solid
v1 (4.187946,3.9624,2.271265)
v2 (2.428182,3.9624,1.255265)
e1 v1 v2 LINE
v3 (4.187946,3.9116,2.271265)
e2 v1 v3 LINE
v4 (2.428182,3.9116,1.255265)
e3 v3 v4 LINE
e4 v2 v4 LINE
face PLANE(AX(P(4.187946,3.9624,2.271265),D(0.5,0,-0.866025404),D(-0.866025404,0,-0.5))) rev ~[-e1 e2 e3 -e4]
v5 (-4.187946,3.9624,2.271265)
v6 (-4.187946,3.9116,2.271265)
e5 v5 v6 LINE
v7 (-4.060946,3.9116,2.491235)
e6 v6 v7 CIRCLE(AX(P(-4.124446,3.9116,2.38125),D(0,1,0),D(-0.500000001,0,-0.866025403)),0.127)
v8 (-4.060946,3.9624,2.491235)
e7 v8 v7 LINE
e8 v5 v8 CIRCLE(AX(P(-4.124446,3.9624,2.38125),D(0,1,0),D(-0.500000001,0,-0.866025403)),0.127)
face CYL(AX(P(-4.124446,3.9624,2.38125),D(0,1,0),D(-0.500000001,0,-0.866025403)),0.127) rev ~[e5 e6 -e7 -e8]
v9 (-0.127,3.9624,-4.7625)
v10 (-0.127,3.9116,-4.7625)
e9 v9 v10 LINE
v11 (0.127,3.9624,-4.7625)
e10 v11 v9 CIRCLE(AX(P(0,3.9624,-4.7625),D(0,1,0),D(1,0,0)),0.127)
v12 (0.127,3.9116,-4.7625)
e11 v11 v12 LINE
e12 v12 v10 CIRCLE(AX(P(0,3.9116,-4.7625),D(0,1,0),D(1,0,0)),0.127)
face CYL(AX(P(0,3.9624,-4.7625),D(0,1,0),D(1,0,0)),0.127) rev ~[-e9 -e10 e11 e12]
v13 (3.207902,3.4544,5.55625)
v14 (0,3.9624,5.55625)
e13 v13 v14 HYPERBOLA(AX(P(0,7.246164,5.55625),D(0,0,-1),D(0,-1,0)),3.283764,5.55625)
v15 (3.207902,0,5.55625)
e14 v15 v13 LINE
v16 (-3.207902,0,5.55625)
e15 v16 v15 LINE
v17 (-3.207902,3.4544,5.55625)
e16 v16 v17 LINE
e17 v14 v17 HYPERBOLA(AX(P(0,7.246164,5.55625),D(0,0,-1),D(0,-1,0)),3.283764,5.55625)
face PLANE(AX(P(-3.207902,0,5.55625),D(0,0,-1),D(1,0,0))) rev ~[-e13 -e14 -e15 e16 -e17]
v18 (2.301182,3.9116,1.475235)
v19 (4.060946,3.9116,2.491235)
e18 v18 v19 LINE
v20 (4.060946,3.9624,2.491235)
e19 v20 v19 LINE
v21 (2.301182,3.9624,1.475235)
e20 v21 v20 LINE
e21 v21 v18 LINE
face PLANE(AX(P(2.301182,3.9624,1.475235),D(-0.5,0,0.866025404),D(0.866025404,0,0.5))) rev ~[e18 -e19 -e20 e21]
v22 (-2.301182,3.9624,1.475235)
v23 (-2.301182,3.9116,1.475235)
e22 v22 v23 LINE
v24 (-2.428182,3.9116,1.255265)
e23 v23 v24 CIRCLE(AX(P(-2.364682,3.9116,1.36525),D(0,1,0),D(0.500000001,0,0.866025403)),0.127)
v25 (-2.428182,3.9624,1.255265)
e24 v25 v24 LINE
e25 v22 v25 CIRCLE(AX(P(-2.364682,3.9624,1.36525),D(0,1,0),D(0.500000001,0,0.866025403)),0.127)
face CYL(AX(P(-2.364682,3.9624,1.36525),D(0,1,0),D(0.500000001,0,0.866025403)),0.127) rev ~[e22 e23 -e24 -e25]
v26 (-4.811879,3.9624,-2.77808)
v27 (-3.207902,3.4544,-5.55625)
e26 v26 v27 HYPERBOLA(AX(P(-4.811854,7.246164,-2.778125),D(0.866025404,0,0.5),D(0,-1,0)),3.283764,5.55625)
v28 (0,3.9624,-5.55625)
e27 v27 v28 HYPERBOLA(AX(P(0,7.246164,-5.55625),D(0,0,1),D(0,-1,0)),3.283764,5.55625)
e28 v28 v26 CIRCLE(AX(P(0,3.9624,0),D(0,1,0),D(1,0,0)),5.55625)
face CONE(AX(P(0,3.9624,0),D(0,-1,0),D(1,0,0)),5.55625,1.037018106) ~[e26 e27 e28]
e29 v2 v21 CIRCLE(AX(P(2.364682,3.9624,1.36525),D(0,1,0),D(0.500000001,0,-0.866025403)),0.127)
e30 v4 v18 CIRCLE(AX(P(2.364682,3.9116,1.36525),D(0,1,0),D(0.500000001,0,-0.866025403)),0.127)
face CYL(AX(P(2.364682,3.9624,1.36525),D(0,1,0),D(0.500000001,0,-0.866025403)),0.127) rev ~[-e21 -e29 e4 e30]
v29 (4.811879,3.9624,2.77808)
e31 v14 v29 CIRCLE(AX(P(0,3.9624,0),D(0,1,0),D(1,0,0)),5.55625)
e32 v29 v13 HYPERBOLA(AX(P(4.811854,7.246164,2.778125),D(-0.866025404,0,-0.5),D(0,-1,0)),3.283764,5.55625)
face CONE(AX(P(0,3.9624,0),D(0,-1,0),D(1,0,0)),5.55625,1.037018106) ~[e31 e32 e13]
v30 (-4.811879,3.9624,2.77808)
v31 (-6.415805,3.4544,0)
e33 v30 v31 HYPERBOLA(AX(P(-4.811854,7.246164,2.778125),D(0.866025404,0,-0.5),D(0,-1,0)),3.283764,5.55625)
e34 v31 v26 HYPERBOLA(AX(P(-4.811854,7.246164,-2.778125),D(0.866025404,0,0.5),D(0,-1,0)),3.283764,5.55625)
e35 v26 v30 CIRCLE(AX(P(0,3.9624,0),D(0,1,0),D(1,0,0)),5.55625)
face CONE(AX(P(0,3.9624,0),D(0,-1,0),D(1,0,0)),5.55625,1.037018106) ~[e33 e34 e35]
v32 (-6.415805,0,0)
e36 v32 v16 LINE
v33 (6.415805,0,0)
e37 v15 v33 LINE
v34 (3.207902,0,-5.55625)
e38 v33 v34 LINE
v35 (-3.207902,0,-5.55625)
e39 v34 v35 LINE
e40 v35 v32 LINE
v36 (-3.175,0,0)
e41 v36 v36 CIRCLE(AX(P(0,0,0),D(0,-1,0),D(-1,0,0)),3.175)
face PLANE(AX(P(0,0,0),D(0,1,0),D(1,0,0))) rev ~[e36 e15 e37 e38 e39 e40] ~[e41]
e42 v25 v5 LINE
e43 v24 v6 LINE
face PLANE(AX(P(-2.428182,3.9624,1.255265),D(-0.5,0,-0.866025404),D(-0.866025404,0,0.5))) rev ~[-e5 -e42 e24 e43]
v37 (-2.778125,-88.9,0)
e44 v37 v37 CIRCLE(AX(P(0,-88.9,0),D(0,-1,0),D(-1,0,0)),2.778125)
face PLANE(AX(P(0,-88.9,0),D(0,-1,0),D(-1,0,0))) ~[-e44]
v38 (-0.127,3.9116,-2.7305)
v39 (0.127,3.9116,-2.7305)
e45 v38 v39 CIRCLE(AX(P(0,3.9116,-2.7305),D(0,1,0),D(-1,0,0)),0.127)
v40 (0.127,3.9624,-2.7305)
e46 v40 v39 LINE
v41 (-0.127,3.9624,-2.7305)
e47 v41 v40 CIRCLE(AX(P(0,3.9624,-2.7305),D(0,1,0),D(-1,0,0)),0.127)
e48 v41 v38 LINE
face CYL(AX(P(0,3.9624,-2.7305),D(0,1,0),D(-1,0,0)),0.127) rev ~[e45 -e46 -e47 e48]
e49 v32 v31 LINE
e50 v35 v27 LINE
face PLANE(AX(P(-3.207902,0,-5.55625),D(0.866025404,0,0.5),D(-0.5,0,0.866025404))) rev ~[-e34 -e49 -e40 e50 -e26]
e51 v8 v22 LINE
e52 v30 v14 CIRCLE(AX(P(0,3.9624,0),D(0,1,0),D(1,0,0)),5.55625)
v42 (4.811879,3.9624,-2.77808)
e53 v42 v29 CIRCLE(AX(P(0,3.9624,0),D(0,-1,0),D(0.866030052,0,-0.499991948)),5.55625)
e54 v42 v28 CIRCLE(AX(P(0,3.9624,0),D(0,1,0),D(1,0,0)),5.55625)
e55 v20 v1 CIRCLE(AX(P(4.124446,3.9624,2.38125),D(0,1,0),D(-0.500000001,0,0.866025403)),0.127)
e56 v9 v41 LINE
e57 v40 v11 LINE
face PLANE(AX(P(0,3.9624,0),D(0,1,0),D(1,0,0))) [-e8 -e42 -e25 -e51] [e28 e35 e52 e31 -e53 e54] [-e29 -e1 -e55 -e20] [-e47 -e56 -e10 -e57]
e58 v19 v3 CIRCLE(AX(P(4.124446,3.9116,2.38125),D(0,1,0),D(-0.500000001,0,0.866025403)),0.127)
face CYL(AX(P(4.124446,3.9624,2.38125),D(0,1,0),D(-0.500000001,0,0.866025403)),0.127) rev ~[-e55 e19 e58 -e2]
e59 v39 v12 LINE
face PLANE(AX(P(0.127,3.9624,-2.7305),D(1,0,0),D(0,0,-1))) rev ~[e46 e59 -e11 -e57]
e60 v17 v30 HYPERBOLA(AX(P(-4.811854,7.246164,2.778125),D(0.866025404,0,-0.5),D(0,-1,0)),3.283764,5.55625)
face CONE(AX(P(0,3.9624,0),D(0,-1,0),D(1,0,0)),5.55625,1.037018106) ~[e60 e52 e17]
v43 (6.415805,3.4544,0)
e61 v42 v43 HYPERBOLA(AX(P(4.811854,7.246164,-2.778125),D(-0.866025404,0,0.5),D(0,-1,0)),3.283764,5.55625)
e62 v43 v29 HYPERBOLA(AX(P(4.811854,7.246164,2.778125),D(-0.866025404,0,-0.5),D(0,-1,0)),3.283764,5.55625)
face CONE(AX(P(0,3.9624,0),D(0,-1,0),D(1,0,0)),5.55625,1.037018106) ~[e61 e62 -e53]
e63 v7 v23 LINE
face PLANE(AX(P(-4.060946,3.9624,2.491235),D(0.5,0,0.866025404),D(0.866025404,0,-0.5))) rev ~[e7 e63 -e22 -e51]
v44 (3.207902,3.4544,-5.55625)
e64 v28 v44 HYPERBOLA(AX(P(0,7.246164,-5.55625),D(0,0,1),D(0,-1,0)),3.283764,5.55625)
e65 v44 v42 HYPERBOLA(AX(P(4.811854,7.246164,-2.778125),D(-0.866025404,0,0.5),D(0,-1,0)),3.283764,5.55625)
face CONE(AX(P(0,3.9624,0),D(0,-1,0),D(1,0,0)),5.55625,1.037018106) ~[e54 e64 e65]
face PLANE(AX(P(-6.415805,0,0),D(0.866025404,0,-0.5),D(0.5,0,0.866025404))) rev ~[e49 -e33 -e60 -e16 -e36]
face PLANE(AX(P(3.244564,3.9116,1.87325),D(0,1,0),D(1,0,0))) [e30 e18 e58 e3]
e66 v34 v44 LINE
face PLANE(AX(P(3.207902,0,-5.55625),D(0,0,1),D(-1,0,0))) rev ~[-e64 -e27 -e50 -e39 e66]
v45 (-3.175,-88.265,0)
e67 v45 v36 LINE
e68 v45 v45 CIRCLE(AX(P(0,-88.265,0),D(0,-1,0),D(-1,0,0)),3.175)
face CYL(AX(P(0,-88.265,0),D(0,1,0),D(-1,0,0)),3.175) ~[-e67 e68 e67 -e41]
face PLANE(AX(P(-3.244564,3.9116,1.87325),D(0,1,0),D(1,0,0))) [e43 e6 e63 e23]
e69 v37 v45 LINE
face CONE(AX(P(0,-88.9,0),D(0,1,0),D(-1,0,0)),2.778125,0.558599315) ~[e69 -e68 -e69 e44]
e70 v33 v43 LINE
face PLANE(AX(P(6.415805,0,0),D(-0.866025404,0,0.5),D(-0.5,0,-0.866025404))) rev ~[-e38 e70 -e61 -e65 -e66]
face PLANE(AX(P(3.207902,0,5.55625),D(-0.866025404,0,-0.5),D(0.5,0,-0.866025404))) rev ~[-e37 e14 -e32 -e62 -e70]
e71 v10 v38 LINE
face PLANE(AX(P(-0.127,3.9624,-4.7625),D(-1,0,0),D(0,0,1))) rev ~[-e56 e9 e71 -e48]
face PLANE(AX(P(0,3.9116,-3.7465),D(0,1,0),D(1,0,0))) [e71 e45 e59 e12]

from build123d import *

# Parameters (mm, degrees)
BOSS_EXTRUDE1_DEPTH = 3.9624
CUT_EXTRUDE1_DEPTH  = 0.0508


with BuildPart() as part:
    # Sketch1 → Boss-Extrude1 (new body)
    with BuildSketch(Plane(origin=(0, 0, 0), x_dir=(1, 0, 0), z_dir=(0, 1, 0))):
        Polygon((6.415804866, 0), (3.207902433, 5.55625), (-3.207902433, 5.55625), (-6.415804866, 0), (-3.207902433, -5.55625), (3.207902433, -5.55625), align=None)
    extrude(amount=BOSS_EXTRUDE1_DEPTH)

    # Sketch2 → Cut-Revolve1 (revolve, cut)
    with BuildSketch(Plane.XY):
        Polygon((5.55625, 3.9624), (6.415804866, 3.4544), (6.415804866, 3.9624), align=None)
    revolve(axis=Axis((0, 0, 0), (0, 1, 0)), mode=Mode.SUBTRACT)

    # Sketch3 → Cut-Extrude1 (cut)
    with BuildSketch(Plane(origin=(0, 3.9624, 0), x_dir=(-1, 0, 0), z_dir=(0, -1, 0))):
        with BuildLine():
            Line((0.127, 4.7625), (0.127, 2.7305))
            ThreePointArc((0.127, 2.7305), (0, 2.6035), (-0.127, 2.7305))
            Line((-0.127, 2.7305), (-0.127, 4.7625))
            ThreePointArc((-0.127, 4.7625), (0, 4.8895), (0.127, 4.7625))
        make_face()
        with BuildLine():
            Line((4.060945986, -2.491235226), (2.301182365, -1.475235226))
            ThreePointArc((2.301182365, -1.475235226), (2.254697139, -1.30175), (2.428182365, -1.255264774))
            Line((2.428182365, -1.255264774), (4.187945986, -2.271264774))
            ThreePointArc((4.187945986, -2.271264774), (4.234431212, -2.44475), (4.060945986, -2.491235226))
        make_face()
        with BuildLine():
            Line((-4.187945986, -2.271264774), (-2.428182365, -1.255264774))
            ThreePointArc((-2.428182365, -1.255264774), (-2.254697139, -1.30175), (-2.301182365, -1.475235226))
            Line((-2.301182365, -1.475235226), (-4.060945986, -2.491235226))
            ThreePointArc((-4.060945986, -2.491235226), (-4.234431212, -2.44475), (-4.187945986, -2.271264774))
        make_face()
    extrude(amount=CUT_EXTRUDE1_DEPTH, mode=Mode.SUBTRACT)

    # Bolt Length Sketch → Bolt Length (revolve)
    with BuildSketch(Plane.XY, mode=Mode.PRIVATE) as bolt_length_sk:
        Polygon((0, 0), (0, -88.9), (2.778125, -88.9), (3.175, -88.265), (3.175, 0), align=None)
    revolve(bolt_length_sk.sketch.rotate(Axis((0, 0, 0), (0, -1, 0)), 180), axis=Axis((0, 0, 0), (0, -1, 0)))


solid = part.part
